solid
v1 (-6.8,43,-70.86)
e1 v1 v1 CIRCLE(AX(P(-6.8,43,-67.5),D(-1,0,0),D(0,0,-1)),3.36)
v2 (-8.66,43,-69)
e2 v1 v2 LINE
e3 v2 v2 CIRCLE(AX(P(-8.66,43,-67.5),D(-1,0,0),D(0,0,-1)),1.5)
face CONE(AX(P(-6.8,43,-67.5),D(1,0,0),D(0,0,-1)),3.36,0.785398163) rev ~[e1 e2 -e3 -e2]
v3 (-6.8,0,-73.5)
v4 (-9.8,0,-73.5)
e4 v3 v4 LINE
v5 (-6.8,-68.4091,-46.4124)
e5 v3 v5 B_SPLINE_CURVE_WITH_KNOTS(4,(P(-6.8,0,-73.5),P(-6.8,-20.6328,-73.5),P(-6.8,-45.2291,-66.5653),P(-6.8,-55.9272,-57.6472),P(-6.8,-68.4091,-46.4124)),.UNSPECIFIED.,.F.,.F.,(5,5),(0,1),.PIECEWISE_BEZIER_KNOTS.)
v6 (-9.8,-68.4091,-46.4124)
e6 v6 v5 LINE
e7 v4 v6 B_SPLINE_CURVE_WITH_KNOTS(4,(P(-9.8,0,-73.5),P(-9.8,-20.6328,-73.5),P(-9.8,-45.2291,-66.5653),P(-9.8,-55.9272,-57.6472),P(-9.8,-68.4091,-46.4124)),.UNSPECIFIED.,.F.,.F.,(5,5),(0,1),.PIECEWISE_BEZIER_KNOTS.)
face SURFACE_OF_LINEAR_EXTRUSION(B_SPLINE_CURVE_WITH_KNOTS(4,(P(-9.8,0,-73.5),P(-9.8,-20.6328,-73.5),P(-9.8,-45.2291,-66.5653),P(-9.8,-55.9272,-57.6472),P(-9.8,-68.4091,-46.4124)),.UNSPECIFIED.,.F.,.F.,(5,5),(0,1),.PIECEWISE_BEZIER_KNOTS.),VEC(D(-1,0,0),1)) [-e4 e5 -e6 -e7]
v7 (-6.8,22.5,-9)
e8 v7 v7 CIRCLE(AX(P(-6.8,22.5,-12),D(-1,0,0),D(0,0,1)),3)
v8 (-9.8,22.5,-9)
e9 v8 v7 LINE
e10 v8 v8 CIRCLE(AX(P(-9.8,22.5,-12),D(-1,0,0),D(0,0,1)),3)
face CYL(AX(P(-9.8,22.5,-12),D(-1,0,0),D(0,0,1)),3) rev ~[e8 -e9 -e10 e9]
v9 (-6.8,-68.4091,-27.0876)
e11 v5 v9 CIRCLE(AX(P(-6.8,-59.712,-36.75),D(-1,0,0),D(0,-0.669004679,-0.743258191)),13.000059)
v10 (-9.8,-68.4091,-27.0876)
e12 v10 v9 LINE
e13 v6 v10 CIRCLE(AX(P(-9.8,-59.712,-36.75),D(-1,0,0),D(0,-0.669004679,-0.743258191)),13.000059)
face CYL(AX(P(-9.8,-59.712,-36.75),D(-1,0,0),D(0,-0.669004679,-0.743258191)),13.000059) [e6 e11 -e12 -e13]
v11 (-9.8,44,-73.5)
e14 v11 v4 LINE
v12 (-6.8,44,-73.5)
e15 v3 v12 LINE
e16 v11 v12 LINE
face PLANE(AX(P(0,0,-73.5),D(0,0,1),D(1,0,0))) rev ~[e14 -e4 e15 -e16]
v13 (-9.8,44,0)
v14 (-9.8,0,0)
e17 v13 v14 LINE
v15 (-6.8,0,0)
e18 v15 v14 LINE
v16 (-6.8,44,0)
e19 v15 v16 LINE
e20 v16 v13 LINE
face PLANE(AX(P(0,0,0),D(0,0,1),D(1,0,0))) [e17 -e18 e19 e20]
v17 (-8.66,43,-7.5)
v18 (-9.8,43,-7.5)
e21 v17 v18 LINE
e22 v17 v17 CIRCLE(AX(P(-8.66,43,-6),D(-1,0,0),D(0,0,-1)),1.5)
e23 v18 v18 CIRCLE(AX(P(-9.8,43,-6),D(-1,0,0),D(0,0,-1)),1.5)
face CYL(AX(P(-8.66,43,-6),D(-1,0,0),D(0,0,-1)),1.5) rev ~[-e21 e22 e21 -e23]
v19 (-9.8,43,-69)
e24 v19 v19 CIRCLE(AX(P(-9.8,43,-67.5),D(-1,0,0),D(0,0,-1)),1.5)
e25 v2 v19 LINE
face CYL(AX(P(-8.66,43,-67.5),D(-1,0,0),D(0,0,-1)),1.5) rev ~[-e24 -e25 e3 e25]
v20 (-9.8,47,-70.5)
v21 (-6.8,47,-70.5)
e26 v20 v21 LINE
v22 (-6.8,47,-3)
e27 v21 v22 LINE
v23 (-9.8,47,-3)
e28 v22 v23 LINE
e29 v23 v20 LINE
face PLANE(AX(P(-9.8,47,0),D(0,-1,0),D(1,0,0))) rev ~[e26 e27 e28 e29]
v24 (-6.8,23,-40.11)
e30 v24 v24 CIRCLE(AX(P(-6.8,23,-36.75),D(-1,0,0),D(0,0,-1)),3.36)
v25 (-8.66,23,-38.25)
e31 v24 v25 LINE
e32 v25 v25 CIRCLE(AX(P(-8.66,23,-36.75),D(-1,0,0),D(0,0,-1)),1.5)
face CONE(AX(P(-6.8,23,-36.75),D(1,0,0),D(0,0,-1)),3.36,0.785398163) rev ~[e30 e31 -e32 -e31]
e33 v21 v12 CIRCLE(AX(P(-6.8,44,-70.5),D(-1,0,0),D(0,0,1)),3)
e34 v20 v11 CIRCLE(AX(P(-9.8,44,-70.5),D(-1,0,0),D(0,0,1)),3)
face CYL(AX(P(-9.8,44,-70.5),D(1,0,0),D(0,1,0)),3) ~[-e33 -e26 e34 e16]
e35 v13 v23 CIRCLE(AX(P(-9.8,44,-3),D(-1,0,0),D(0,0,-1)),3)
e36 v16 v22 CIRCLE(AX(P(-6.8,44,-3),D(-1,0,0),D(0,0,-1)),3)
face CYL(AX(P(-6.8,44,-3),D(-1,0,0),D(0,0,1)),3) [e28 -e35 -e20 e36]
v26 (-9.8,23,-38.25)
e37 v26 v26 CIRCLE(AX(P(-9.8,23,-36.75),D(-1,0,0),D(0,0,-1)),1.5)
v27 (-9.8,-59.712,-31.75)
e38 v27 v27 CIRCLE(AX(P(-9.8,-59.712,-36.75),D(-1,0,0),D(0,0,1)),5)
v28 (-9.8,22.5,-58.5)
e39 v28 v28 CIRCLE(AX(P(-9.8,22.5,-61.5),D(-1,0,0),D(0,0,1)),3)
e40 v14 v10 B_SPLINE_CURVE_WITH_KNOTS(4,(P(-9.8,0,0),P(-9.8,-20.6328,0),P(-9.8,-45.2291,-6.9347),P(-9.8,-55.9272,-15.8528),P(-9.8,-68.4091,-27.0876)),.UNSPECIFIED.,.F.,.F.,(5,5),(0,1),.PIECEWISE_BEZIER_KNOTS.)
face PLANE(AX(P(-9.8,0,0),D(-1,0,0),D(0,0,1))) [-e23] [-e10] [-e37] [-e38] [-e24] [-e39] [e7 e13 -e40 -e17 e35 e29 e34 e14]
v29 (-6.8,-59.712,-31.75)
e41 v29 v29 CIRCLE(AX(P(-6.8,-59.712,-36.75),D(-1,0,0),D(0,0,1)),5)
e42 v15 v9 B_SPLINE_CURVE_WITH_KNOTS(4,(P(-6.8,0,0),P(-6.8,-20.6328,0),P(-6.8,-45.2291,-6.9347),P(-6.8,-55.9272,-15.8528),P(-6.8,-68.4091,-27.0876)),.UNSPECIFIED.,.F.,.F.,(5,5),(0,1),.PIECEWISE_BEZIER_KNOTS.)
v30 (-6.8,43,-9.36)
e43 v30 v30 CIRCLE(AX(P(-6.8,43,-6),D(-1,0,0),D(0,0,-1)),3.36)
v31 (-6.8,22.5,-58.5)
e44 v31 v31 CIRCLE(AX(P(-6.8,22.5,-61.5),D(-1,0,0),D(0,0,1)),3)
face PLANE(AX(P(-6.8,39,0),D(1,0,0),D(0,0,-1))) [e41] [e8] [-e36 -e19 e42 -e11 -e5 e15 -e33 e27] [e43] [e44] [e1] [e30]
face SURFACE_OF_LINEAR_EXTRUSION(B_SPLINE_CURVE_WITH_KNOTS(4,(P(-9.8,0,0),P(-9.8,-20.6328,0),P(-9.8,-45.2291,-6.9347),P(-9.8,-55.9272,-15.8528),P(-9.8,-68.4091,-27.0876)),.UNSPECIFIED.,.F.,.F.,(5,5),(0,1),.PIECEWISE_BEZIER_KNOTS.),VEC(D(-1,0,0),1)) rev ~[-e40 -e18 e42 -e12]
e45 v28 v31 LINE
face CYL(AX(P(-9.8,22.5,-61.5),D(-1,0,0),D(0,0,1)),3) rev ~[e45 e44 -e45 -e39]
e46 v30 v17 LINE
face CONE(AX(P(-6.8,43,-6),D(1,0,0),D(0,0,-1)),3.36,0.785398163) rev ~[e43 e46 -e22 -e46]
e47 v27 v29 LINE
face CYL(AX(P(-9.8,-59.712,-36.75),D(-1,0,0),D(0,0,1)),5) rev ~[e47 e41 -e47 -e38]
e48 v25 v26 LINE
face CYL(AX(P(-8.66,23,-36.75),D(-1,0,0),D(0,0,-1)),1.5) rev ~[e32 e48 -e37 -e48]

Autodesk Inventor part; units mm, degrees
ref_plane "YZ Plane" through (0, 0, 0) normal (1, 0, 0) x (0, 1, 0)
sketch "Sketch1" plane through (0, 0, 0) normal (0, 0, 1) x (1, 0, 0)
  line L0 (0, 0) -> (16, 0) construction
  line L1 (16, 0) -> (16, 8) construction
  line L2 (0, 8) -> (0, 0) construction
  line L3 (5.5, 10.5) -> (0, 10.5) construction
  line L4 (0, 10.5) -> (0, 8) construction
  line L5 (13.5, 10.5) -> (16, 10.5) construction
  line L6 (16, 10.5) -> (16, 8) construction
  line L7 (6.5, 37) -> (12.5, 37) construction
  line L8 (12.5, 37) -> (12.5, 8) construction
  line L9 (12.5, 8) -> (6.5, 8) construction
  line L10 (6.5, 8) -> (6.5, 37) construction
  line L11 (0.5, 34.5) -> (15.5, 34.5) construction
  line L12 (15.5, 34.5) -> (15.5, 10.5) construction
  line L13 (15.5, 10.5) -> (0.5, 10.5) construction
  line L14 (0.5, 10.5) -> (0.5, 34.5) construction
  line L15 (-6.8, 0) -> (-6.8, 39)
  line L16 (-6.8, 39) -> (22.8, 39)
  line L17 (8, -29.8106) -> (8, -55.1885) construction
  line L18 (-9.8, 47) -> (-9.8, 0)
  line L19 (-6.8, 0) -> (-9.8, 0)
  line L20 (-9.8, 47) -> (10, 47)
  line L21 (25.8, 47) -> (25.8, 0)
  line L22 (22.8, 0) -> (25.8, 0)
  line L23 (25.8, 47) -> (10, 47)
  line L24 (22.8, 0) -> (22.8, 39)
  line L25 (16.05, 25.6) -> (16.05, 19.4) construction
  line L26 (-0.05, 19.4) -> (-0.05, 25.6) construction
  line L27 (-0.05, 25.6) -> (0.5, 25.6) construction
  line L28 (16.05, 25.6) -> (15.5, 25.6) construction
  line L29 (16.05, 19.4) -> (15.5, 19.4) construction
  line L30 (-0.05, 19.4) -> (0.5, 19.4) construction
  line L31 (16.05, 22.5) -> (-0.05, 22.5) construction
  line L32 (0, 8) -> (16, 8) construction
  line L33 (5.5, 10.5) -> (5.5, 8) construction
  line L34 (13.5, 10.5) -> (13.5, 8) construction
  line L35 (5.5, 8) -> (13.5, 8) construction
  point P0 (6.5, 22.5)
  point P1 (0.5, 22.5)
  point P2 (9.5, 8)
  point P3 (8, 0)
  point P4 (8, 39)
  point P5 (8, -42.4996)
  point P6 (9.5, 8)
  point P7 (8, 22.5)
  dimension "d1" = 16
  dimension "d7" = 6
  dimension "d9" = 6
  dimension "d10" = 3
  dimension "d11" = 29
  dimension "d12" = 24
  dimension "d19" = 29.6
  dimension "d20" = 2
  dimension "thickness" = 3
  dimension "d23" = 8
  dimension "d31" = 22.5
  dimension "d40" = 24.5
  dimension "d41" = 39
  dimension "d60" = 6.2
  dimension "d62" = 16.1
  dimension "d63" = 8
  dimension "d64" = 8
  dimension "d65" = 1
  dimension "d66" = 2.5
extrude "LENGTH" add sketch "Sketch1" against normal blind 73.5
sketch "Sketch2" plane through (-9.8, 0, 0) normal (-1, 0, 0) x (0, 0, 1)
  circle A0 centre (-12, 22.5) radius 3
  circle A1 centre (-61.5, 22.5) radius 3
  line L0 (-73.5, 0) -> (-73.5, 47) construction
  line L1 (0, 47) -> (0, 0) construction
  dimension "d26" = 6
  dimension "d28" = 6
  dimension "d29" = 12
  dimension "d30" = 12
  dimension "d32" = 22.5
extrude "Extrusion2" cut sketch "Sketch2" against normal through all
ref_plane "Work Plane1" through (-9.8, 47, 0) normal (0.7071, 0.7071, 0) x (0, 0, -1)
ref_plane "CentrePlane" through (8, 0, 0) normal (1, 0, 0) x (0, 0, -1)
sketch "Measurements" plane through (-9.8, 0, 0) normal (-1, 0, 0) x (0, 0, 1)
  line L0 (-18.9044, 8) -> (-18.9044, 0) construction
  line L1 (0, 0) -> (0, 8) construction
  spline S0 degree 3 poles (-18.9044, 0) (-18.8729, 0.004) (-18.7747, 0.0145) (-18.6089, 0.0198) (-18.4076, 0.0173) (-18.2077, -0.0064) (-18.0095, -0.0413) (-17.7511, -0.1137) (-17.4304, -0.2111) (-17.1073, -0.2999) (-16.8501, -0.3765) (-16.6638, -0.4528) (-16.4821, -0.5394) (-16.3106, -0.6447) (-16.1439, -0.7575) (-15.9893, -0.8866) (-15.8435, -1.0251) (-15.7068, -1.1728) (-15.5834, -1.3319) (-15.4695, -1.4977) (-15.3662, -1.6705) (-15.2464, -1.9105) (-15.1208, -2.2219) (-15.0142, -2.6104) (-14.9462, -3.0072) (-14.9104, -3.408) (-14.9034, -3.8104) (-14.9258, -4.2123) (-14.9692, -4.6123) (-15.0344, -5.0094) (-15.0913, -5.2714) (-15.1198, -5.4024) knots -0.847201 -0.847201 -0.847201 -0.847201 -0.83705 -0.815587 -0.794126 -0.772659 -0.751201 -0.729734 -0.686802 -0.64387 -0.622403 -0.600945 -0.579478 -0.558017 -0.536554 -0.515088 -0.49363 -0.472163 -0.450698 -0.429238 -0.407769 -0.386302 -0.343394 -0.300476 -0.257562 -0.214646 -0.17172 -0.12879 -0.085861 -0.04293 0 0 0 0 construction
  spline S1 degree 3 poles (-4.5152, -5.4024) (-4.5336, -5.2605) (-4.5704, -4.9766) (-4.6037, -4.5484) (-4.6135, -4.119) (-4.6009, -3.6896) (-4.557, -3.2623) (-4.4825, -2.8392) (-4.3742, -2.4233) (-4.2256, -2.0199) (-4.0637, -1.7) (-3.9145, -1.4557) (-3.7891, -1.2813) (-3.6528, -1.1153) (-3.5072, -0.9573) (-3.3484, -0.8126) (-3.1807, -0.6785) (-3.0046, -0.5552) (-2.8172, -0.4504) (-2.6251, -0.3539) (-2.424, -0.2783) (-2.219, -0.214) (-1.9385, -0.1559) (-1.5868, -0.0908) (-1.2369, -0.0163) (-0.9555, 0.0373) (-0.7415, 0.0564) (-0.5268, 0.0635) (-0.3125, 0.0479) (-0.1366, 0.0272) (-0.0331, 0.0071) (0, 0) knots -1.373604 -1.373604 -1.373604 -1.373604 -1.330674 -1.287743 -1.244814 -1.201884 -1.158958 -1.116042 -1.073128 -1.03021 -0.987302 -0.965835 -0.944366 -0.922906 -0.901441 -0.879974 -0.858516 -0.83705 -0.815587 -0.794126 -0.772659 -0.751201 -0.729734 -0.686802 -0.64387 -0.622403 -0.600945 -0.579478 -0.558017 -0.536554 -0.526403 -0.526403 -0.526403 -0.526403 construction
  spline S2 degree 3 poles (-7.7374, -14.9236) (-7.6284, -14.7418) (-7.4104, -14.3783) (-7.0987, -13.824) (-6.7983, -13.2636) (-6.5111, -12.6963) (-6.2373, -12.1224) (-5.9778, -11.5419) (-5.7335, -10.9548) (-5.5053, -10.3613) (-5.2945, -9.7613) (-5.1024, -9.1551) (-4.9307, -8.5428) (-4.7815, -7.9246) (-4.6579, -7.3008) (-4.5633, -6.6718) (-4.516, -6.1439) (-4.4999, -5.72) (-4.5101, -5.5083) (-4.5152, -5.4024) knots -1.017256 -1.017256 -1.017256 -1.017256 -0.953675 -0.890094 -0.826513 -0.762932 -0.699351 -0.63577 -0.572189 -0.508609 -0.445029 -0.381449 -0.31787 -0.254291 -0.190714 -0.127139 -0.063568 -0.03178 0 0 0 0 construction
  arc A0 (-11.8976, -14.9236) -> (-7.7374, -14.9236) centre (-9.8175, 41.288) ccw construction
  spline S3 degree 3 poles (-15.1198, -5.4024) (-15.1249, -5.5083) (-15.1352, -5.72) (-15.119, -6.1439) (-15.0717, -6.6718) (-14.9771, -7.3008) (-14.8535, -7.9246) (-14.7043, -8.5428) (-14.5326, -9.1551) (-14.3405, -9.7613) (-14.1297, -10.3613) (-13.9015, -10.9548) (-13.6572, -11.5419) (-13.3977, -12.1224) (-13.1239, -12.6963) (-12.8366, -13.2636) (-12.5363, -13.824) (-12.2245, -14.3782) (-12.0065, -14.7418) (-11.8976, -14.9236) knots -1.017256 -1.017256 -1.017256 -1.017256 -0.985476 -0.953687 -0.890117 -0.826542 -0.762964 -0.699386 -0.635807 -0.572227 -0.508647 -0.445066 -0.381486 -0.317905 -0.254324 -0.190743 -0.127162 -0.063581 0 0 0 0 construction
  line L2 (-18.9044, 8) -> (0, 8) construction
  line L3 (0, 43) -> (0, 0) construction
  circle A1 centre (-9.8175, -59.712) radius 50 construction
  line L4 (0, 0) -> (-73.5, 0) projected
  point P0 (-9.8175, -14.962)
  dimension "d42" = 8
  dimension "d43" = 100
  dimension "d44" = 44.75
  dimension "d46" = 9.8175
  dimension "d47" = 14.962
  dimension "d49" = 59.712
sketch "Sketch5" plane through (-9.8, 0, 0) normal (-1, 0, 0) x (0, 0, 1)
  circle A0 centre (-36.75, -59.712) radius 50 construction
  line L0 (0, 0) -> (-73.5, 0) projected
  circle A1 centre (-36.75, -59.712) radius 5
  arc A2 (-46.4124, -68.4091) -> (-27.0876, -68.4091) centre (-36.75, -59.712) ccw
  line L1 (-36.75, 56.2641) -> (-36.75, 80.2382)
  line L2 (0, 0) -> (-73.5, 0) projected
  spline S0 degree 4 poles (0, 0) (0, -20.6328) (-6.9347, -45.2291) (-15.8528, -55.9272) (-27.0876, -68.4091) knots 0 0 0 0 0 1 1 1 1 1
  line L3 (0, 0) -> (0, 47) projected
  spline S1 degree 4 poles (-73.5, 0) (-73.5, -20.6328) (-66.5653, -45.2291) (-57.6472, -55.9272) (-46.4124, -68.4091) knots 0 0 0 0 0 1 1 1 1 1
  line L4 (-73.5, 47) -> (-73.5, 0) projected
  point P0 (-36.75, 0)
  point P1 (-36.75, 0)
  point P2 (-9.7513, -43.7182)
  point P3 (-63.7487, -43.7182)
  dimension "d50" = 59.712
  dimension "d51" = 100
  dimension "bearingOD" = 10
  dimension "d53" = 8
extrude "Extrusion4" add sketch "Sketch5" against normal up to surface (3 mm away)
mirror "Mirror2" about plane through (8, 0, 0) normal (1, 0, 0) of "Extrusion4"
sketch "Sketch6" plane through (-6.8, 39, 0) normal (1, 0, 0) x (0, 0, -1)
  line L0 (-41.9522, 50.4986) -> (119.8165, 50.4986)
  line L1 (119.8165, 50.4986) -> (119.8165, -146.1585)
  line L2 (119.8165, -146.1585) -> (-41.9522, -146.1585)
  line L3 (-41.9522, -146.1585) -> (-41.9522, 50.4986)
  point P0 (0, -39)
extrude "Extrusion5" cut sketch "Sketch6" along normal through all
sketch "Sketch7" plane through (-6.8, 47, 0) normal (1, 0, 0) x (0, 0, -1)
  circle A0 centre (6, -4) radius 3.485
  circle A1 centre (36.75, -24) radius 3.485
  line L0 (36.75, -50.9937) -> (36.75, -60.2424)
  line L1 (0, 0) -> (73.5, 0) projected
  circle A2 centre (67.5, -4) radius 3.485
  line L2 (0, -47) -> (0, 0) projected
  point P0 (36.75, 0)
  dimension "d69" = 6.97
  dimension "d70" = 6
  dimension "d71" = 24
  dimension "d72" = 4
hole "Hole1" at (-6.8, 43, -6) at (-6.8, 23, -36.75) at (-6.8, 43, -67.5) direction (-1, 0, 0) diameter 3 end through all countersink diameter 6.72 countersink angle 90
fillet "Fillet3" radius 3 2 edges at (-8.3, 47, 0) (-8.3, 47, -73.5)
equation "\"d23\" = d0"
equation "\"tol\" = 1"
equation "\"d0\" = 8"
properties part number "trolley6mm-sides"
